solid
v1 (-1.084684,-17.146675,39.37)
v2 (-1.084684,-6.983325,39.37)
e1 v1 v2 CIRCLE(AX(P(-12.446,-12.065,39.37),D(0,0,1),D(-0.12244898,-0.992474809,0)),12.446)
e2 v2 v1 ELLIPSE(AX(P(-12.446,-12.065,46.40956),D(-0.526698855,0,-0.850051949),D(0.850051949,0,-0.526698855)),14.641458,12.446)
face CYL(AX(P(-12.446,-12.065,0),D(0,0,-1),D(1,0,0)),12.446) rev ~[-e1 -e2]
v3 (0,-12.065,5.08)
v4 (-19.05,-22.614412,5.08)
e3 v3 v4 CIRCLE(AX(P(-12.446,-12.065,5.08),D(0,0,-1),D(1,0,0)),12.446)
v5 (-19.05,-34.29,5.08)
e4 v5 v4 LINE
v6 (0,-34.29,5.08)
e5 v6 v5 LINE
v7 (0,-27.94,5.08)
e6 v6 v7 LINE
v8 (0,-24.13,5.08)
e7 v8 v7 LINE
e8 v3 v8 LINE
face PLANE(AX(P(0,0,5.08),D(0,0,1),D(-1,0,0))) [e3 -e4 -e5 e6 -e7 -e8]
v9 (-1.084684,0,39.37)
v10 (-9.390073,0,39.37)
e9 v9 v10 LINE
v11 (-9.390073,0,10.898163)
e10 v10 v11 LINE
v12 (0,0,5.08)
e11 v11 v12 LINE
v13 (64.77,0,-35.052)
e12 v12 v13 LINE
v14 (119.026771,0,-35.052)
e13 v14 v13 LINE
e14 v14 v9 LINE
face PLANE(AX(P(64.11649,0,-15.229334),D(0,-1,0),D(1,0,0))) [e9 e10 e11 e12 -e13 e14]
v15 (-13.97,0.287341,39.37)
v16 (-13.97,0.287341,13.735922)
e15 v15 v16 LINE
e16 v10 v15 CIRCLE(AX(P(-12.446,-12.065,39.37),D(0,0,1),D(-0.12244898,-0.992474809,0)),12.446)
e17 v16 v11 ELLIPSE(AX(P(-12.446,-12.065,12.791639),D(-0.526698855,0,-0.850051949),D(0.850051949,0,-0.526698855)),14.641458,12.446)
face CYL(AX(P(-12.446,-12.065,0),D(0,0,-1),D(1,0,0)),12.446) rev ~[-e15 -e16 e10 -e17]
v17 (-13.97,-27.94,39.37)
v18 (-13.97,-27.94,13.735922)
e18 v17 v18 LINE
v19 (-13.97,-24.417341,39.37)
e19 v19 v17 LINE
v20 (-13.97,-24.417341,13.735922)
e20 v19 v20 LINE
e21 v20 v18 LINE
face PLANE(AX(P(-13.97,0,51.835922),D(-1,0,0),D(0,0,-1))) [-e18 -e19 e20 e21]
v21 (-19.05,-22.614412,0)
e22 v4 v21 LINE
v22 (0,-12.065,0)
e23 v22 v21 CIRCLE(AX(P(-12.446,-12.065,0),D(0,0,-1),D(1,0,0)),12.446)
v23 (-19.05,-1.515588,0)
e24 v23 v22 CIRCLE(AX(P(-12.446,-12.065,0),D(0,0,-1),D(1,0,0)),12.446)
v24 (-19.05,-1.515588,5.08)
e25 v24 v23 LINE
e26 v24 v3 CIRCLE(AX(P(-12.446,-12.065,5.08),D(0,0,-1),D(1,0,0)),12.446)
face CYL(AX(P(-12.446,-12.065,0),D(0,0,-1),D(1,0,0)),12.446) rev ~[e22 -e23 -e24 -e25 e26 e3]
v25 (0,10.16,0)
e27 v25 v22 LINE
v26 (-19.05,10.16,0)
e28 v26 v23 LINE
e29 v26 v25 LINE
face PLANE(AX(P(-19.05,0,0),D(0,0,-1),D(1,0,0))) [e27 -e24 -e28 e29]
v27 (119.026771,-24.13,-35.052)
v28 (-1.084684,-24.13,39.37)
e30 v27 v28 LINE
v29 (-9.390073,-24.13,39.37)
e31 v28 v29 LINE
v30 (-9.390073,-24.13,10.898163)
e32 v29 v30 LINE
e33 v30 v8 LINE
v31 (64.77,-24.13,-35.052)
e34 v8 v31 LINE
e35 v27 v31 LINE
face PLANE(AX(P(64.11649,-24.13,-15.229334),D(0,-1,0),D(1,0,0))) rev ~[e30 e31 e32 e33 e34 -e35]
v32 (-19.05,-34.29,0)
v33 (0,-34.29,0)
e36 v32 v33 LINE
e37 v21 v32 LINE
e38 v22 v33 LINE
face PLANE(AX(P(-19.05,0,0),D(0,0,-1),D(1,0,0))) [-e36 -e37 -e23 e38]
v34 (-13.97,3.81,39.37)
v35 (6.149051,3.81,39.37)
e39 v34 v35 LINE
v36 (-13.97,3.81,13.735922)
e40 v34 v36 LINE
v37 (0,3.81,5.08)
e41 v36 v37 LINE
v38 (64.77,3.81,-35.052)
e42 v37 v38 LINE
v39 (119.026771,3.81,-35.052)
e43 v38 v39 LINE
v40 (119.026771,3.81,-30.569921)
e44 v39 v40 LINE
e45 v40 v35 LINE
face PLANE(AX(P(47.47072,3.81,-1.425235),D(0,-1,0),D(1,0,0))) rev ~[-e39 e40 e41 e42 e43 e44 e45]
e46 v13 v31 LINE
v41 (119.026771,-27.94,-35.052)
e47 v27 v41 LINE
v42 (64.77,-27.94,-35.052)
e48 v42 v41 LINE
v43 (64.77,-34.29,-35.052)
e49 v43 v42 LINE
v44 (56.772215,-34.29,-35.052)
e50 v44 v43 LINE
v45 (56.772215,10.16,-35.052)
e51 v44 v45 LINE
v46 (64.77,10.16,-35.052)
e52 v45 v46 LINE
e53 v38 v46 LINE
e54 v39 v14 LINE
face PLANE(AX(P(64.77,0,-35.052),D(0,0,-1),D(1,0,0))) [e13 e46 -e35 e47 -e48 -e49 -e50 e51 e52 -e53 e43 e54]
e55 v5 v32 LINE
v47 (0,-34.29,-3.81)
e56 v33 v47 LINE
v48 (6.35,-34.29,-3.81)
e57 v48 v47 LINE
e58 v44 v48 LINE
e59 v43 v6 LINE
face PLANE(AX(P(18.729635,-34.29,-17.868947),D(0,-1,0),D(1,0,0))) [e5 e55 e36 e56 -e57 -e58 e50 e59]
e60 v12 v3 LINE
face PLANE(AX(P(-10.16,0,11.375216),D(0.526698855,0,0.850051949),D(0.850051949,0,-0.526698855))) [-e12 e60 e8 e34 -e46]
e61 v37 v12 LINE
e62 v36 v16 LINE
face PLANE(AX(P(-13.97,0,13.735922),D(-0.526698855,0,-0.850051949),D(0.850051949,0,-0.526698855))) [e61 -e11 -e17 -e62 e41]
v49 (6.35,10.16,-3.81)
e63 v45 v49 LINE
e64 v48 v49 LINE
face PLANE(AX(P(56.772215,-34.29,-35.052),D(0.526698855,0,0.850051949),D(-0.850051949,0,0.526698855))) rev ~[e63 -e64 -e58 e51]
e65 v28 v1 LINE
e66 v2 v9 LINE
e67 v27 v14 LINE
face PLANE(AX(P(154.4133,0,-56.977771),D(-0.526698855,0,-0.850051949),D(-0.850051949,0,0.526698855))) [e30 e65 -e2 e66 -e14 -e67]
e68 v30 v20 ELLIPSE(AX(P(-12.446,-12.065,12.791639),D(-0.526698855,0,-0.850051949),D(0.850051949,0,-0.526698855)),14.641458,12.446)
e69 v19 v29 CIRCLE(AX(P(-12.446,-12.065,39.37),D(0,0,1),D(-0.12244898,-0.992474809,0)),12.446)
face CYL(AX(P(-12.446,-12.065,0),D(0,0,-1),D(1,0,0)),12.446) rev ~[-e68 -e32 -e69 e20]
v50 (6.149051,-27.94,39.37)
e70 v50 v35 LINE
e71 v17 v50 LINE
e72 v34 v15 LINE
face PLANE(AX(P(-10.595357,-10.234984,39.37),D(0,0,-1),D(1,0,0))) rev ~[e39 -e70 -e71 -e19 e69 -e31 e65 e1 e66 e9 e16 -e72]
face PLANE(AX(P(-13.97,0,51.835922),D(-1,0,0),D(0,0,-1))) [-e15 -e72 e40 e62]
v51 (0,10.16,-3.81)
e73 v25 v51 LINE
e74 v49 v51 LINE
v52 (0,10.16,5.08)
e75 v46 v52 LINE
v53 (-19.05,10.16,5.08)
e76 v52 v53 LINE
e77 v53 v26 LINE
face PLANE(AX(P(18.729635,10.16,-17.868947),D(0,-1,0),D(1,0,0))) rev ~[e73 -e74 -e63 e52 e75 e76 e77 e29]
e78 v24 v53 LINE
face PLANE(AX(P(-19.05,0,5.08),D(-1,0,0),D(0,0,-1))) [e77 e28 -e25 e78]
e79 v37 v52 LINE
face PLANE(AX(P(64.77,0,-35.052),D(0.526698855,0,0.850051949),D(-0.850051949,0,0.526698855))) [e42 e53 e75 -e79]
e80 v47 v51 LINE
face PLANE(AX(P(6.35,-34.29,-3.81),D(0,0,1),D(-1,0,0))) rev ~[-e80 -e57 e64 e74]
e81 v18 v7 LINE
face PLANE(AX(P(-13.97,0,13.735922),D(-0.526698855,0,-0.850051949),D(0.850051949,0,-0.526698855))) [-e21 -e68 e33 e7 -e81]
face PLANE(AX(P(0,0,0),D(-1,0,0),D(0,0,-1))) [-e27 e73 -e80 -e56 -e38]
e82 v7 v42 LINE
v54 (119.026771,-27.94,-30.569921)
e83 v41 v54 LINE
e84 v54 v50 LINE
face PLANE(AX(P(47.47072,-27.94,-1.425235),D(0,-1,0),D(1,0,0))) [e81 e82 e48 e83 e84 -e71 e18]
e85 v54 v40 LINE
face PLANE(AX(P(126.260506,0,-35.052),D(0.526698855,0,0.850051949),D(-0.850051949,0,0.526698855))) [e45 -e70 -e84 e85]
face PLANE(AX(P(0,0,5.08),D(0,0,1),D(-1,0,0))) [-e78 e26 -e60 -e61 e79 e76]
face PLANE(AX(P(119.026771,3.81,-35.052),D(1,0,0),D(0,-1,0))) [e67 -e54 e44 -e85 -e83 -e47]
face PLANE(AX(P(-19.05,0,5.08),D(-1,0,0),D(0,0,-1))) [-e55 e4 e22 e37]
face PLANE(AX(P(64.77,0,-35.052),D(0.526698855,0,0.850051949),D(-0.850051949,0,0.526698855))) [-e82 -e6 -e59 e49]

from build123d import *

# Parameters (mm, degrees)
F1_DEPTH      = 34.29
F1_DEPTH_BACK = 10.16
F3_DEPTH      = 27.94
F3_DEPTH_BACK = 3.81
F4_R          = 12.446
F5_DEPTH      = 39.37
F6_W          = 52.9463477433
F6_H          = 63.3781589568
F7_DEPTH      = 25.4
F9_DEPTH      = 24.13
F11_DEPTH     = 50.8
F12_W         = 7.2337351131
F12_H         = 31.75
F13_DEPTH     = 25.4


with BuildPart() as f1:
    # F0 (on Front) → F1 (new body, two sides)
    with BuildSketch(Plane.XZ) as f1_sk:
        Polygon((-19.05, 5.08), (-19.05, 0), (0, 0), (0, -35.052), (64.77, -35.052), (0, 5.08), align=None)
    extrude(amount=F1_DEPTH)
    extrude(f1_sk.sketch, amount=-F1_DEPTH_BACK)

    # F2 (on Front) → F3 (join, two sides)
    with BuildSketch(Plane.XZ) as f3_sk:
        Polygon((-13.97, 51.8359215686), (-13.97, 13.7359215686), (64.77, -35.052), (126.2605063291, -35.052), align=None)
    extrude(amount=F3_DEPTH)
    extrude(f3_sk.sketch, amount=-F3_DEPTH_BACK)

    # F4 (on face) → F5 (cut)
    with BuildSketch(Plane(origin=(0, 0, 0), x_dir=(1, 0, 0), z_dir=(0, 0, -1))):
        with Locations((-12.446, 12.065)):
            Circle(F4_R)
    extrude(amount=-F5_DEPTH, mode=Mode.SUBTRACT)

    # F6 (on face) → F7 (cut)
    with BuildSketch(Plane(origin=(0, 0, 39.37), x_dir=(1, 0, 0), z_dir=(0, 0, -1))):
        with Locations((-10.5953570455, 10.2349836379)):
            Rectangle(F6_W, F6_H)
    extrude(amount=-F7_DEPTH, mode=Mode.SUBTRACT)

    # F8 (on Front) → F9 (cut)
    with BuildSketch(Plane.XZ):
        Polygon((154.4132999091, -56.9777707196), (-10.16, 44.993136675), (-10.16, 11.3752156863), (100.156528693, -56.9777707196), align=None)
    extrude(amount=F9_DEPTH, mode=Mode.SUBTRACT)

    # F10 (on face) → F11 (cut)
    with BuildSketch(Plane.XZ.offset(34.29)):
        Polygon((0, -3.81), (0, -35.052), (56.7722151899, -35.052), (6.35, -3.81), align=None)
    extrude(amount=-F11_DEPTH, mode=Mode.SUBTRACT)

    # F12 (on face) → F13 (cut)
    with BuildSketch(Plane(origin=(0, 0, -35.052), x_dir=(1, 0, 0), z_dir=(0, 0, -1))):
        with Locations((122.6436387726, 12.065)):
            Rectangle(F12_W, F12_H)
    extrude(amount=-F13_DEPTH, mode=Mode.SUBTRACT)


solid = f1.part
